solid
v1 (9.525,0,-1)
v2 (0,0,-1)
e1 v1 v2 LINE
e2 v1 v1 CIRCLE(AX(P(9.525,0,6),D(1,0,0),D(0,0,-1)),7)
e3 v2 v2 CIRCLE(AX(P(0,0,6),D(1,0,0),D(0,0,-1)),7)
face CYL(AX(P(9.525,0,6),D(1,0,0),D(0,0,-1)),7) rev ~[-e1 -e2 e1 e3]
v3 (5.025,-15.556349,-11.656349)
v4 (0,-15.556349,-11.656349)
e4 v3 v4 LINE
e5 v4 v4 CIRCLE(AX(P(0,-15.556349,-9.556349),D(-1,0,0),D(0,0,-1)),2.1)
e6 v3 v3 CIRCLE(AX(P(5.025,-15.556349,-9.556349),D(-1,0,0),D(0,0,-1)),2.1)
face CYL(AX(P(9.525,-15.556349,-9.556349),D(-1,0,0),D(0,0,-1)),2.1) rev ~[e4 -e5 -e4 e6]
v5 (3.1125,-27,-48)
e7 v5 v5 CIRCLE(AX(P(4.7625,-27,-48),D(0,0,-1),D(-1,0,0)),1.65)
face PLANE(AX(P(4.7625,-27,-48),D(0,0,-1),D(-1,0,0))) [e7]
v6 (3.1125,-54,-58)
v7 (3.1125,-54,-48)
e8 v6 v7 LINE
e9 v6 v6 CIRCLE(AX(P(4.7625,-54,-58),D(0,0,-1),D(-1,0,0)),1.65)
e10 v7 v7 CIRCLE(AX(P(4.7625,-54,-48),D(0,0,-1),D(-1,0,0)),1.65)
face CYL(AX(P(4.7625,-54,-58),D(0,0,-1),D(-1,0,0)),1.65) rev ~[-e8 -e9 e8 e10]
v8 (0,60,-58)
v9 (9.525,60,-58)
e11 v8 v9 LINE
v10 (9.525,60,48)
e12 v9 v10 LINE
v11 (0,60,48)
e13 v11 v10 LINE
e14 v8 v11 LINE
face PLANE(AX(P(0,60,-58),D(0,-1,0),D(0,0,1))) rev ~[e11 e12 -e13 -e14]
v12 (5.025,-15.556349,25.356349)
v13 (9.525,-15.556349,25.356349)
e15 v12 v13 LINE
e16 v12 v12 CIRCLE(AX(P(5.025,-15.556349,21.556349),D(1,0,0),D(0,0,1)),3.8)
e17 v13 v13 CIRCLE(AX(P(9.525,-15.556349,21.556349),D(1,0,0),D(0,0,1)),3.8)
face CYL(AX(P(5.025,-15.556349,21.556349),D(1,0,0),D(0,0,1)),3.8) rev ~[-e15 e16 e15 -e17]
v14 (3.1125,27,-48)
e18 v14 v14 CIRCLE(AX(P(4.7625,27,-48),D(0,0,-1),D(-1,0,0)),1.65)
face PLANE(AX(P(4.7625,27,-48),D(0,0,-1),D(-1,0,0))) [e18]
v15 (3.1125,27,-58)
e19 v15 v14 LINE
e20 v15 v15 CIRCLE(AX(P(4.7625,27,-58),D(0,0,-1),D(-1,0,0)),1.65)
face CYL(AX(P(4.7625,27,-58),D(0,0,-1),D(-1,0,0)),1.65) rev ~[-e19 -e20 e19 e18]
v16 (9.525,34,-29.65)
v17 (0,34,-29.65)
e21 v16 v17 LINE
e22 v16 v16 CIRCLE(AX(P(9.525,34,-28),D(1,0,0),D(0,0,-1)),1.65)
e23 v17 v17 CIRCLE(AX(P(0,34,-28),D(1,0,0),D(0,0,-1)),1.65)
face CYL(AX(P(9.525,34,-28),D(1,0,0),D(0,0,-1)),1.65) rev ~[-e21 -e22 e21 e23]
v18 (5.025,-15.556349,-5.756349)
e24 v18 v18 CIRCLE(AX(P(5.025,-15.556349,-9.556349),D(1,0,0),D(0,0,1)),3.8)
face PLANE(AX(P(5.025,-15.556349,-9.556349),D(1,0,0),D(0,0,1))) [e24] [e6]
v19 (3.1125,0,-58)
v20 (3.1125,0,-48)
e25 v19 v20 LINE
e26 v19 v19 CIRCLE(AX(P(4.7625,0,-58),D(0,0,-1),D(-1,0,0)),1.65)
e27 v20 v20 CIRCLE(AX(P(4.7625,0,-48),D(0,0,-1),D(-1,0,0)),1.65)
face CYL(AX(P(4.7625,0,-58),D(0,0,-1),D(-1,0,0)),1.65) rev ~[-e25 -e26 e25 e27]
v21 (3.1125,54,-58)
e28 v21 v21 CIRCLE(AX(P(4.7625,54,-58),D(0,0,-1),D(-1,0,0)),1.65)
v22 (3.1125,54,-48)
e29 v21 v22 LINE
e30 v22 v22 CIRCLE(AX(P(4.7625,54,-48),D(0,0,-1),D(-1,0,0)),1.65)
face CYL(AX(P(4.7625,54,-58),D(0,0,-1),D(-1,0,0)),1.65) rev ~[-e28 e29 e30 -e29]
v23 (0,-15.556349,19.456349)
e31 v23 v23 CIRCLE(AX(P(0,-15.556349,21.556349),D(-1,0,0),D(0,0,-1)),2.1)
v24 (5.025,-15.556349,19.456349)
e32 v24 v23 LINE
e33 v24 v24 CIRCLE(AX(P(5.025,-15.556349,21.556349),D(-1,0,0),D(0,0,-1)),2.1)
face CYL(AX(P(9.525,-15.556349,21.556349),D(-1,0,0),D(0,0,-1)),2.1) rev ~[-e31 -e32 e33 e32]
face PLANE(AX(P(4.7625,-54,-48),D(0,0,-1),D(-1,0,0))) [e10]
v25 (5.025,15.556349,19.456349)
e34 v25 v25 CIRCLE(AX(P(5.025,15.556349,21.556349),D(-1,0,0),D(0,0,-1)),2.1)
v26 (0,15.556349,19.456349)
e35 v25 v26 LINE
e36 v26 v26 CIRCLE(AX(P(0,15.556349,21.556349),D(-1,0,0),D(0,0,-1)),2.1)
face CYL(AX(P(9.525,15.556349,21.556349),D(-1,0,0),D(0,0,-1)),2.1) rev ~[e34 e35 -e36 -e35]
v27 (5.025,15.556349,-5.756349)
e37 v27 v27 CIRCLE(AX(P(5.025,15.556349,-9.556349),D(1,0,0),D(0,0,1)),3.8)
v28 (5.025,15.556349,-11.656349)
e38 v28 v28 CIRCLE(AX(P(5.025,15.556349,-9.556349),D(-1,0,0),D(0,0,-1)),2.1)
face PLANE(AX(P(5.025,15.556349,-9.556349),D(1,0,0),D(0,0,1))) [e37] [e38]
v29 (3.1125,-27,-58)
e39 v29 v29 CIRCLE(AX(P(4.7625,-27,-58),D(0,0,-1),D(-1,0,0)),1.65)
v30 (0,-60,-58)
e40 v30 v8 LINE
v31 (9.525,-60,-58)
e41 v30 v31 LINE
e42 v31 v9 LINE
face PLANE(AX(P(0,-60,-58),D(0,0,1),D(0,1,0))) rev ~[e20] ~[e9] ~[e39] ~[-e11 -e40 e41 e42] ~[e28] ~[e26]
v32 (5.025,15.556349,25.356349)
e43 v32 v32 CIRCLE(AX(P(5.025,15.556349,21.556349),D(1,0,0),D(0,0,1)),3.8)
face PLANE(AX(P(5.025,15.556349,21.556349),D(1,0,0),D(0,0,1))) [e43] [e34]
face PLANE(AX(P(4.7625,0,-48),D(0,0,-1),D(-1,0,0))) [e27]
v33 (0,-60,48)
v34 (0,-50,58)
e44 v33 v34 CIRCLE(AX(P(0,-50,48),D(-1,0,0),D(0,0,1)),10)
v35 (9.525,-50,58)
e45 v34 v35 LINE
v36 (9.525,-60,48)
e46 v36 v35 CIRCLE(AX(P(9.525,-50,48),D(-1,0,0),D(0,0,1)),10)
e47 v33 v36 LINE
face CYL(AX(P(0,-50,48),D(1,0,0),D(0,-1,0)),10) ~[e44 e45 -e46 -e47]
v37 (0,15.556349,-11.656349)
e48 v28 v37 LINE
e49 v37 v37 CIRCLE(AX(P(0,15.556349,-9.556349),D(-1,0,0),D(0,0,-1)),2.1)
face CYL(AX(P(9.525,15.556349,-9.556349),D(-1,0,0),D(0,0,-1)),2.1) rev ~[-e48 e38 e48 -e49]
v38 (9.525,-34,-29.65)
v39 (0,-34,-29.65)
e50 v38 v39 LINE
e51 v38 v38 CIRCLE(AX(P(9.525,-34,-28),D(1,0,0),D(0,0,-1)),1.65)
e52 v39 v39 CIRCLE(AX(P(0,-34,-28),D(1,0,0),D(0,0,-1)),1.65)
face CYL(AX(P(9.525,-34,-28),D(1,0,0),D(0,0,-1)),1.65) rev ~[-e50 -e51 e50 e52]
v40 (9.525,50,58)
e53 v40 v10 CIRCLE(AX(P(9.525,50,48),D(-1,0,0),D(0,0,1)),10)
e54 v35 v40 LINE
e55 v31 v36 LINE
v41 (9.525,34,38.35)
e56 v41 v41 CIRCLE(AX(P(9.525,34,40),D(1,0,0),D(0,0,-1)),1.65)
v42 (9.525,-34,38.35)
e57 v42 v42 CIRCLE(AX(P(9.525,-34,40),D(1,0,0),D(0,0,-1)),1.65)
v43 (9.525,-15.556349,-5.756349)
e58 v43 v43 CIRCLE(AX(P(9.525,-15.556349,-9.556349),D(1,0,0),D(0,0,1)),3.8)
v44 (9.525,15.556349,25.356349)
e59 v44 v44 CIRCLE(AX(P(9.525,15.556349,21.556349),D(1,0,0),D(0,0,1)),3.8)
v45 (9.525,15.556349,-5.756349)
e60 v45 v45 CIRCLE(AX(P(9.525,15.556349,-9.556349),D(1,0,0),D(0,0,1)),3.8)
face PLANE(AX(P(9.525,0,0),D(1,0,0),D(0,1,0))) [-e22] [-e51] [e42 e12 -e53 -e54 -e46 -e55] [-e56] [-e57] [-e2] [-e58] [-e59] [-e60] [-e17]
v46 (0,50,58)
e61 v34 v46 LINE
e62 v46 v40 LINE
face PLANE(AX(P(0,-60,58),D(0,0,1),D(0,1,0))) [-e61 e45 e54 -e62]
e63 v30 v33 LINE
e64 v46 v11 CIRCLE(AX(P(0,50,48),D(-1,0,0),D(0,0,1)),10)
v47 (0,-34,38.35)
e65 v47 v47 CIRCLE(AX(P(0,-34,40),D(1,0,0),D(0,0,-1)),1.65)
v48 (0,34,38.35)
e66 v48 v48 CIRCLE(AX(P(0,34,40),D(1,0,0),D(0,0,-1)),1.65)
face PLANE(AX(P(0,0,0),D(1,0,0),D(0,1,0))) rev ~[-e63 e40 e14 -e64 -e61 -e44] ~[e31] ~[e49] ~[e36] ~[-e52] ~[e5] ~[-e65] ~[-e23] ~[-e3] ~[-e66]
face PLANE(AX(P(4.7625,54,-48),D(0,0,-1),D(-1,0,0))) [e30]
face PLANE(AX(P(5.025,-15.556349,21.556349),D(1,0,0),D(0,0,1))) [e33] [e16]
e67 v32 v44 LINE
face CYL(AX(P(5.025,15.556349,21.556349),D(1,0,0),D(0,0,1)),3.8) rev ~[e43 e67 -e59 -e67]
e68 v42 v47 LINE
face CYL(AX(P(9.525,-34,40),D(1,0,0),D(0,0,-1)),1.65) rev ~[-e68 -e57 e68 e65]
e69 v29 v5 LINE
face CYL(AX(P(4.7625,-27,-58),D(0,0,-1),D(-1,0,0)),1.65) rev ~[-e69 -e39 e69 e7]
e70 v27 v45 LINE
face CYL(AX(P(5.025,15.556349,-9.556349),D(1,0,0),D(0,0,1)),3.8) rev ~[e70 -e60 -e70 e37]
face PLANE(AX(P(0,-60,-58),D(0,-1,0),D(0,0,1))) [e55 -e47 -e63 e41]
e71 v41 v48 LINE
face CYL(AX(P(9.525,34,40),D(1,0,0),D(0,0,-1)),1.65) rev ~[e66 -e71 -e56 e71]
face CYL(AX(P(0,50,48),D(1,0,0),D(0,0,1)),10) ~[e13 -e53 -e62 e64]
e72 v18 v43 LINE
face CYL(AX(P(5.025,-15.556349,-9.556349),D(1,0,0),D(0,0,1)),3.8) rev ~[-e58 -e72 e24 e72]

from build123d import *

# Parameters (mm, degrees)
SKETCH1_W                                    = 120
SKETCH1_H                                    = 116
BOSS_EXTRUDE1_DEPTH                          = 9.525
CBORE_FOR_M4_HEX_HEAD_CAP_SCREW1_D           = 4.2
CBORE_FOR_M4_HEX_HEAD_CAP_SCREW1_CBORE_D     = 7.6
CBORE_FOR_M4_HEX_HEAD_CAP_SCREW1_CBORE_DEPTH = 4.5
SKETCH2_R                                    = 7
CUT_EXTRUDE1_DEPTH                           = 84.992414092
SKETCH5_R                                    = 1.65
CUT_EXTRUDE2_DEPTH                           = 10
SKETCH6_R                                    = 1.65
CUT_EXTRUDE3_DEPTH                           = 84.992414092
FILLET1_R                                    = 10


with BuildPart() as part:
    # Sketch1 → Boss-Extrude1 (new body)
    with BuildSketch(Plane.YZ):
        Rectangle(SKETCH1_W, SKETCH1_H)
    extrude(amount=BOSS_EXTRUDE1_DEPTH)

    # CBORE for M4 Hex Head Cap Screw1 (through all)
    with Locations(Plane(origin=(9.525, -15.556349186, 21.556349186), x_dir=(0, 0, 1), z_dir=(1, 0, 0))):
        with Locations((0, 0), (0, -31.112698372), (-31.112698372, -31.112698372), (-31.112698372, 0)):
            CounterBoreHole(CBORE_FOR_M4_HEX_HEAD_CAP_SCREW1_D / 2, CBORE_FOR_M4_HEX_HEAD_CAP_SCREW1_CBORE_D / 2, CBORE_FOR_M4_HEX_HEAD_CAP_SCREW1_CBORE_DEPTH)

    # Sketch2 → Cut-Extrude1 (cut, through all)
    with BuildSketch(Plane.YZ.offset(9.525)):
        with Locations(Location((0, 6, 0), (0, 0, 270))):
            Circle(SKETCH2_R)
    extrude(amount=-CUT_EXTRUDE1_DEPTH, mode=Mode.SUBTRACT)

    # Sketch5 → Cut-Extrude2 (cut)
    with BuildSketch(Plane(origin=(0, 0, -58), x_dir=(1, 0, 0), z_dir=(0, 0, -1))):
        with Locations(Location((4.7625, 27, 0), (0, 0, 180))):
            Circle(SKETCH5_R)
        with Locations(Location((4.7625, 0, 0), (0, 0, 180))):
            Circle(SKETCH5_R)
        with Locations(Location((4.7625, -27, 0), (0, 0, 180))):
            Circle(SKETCH5_R)
        with Locations(Location((4.7625, -54, 0), (0, 0, 180))):
            Circle(SKETCH5_R)
        with Locations(Location((4.7625, 54, 0), (0, 0, 180))):
            Circle(SKETCH5_R)
    extrude(amount=-CUT_EXTRUDE2_DEPTH, mode=Mode.SUBTRACT)

    # Sketch6 → Cut-Extrude3 (cut, through all)
    with BuildSketch(Plane.YZ.offset(9.525)):
        with Locations(Location((34, 40, 0), (0, 0, 270))):
            Circle(SKETCH6_R)
        with Locations(Location((34, -28, 0), (0, 0, 270))):
            Circle(SKETCH6_R)
        with Locations(Location((-34, -28, 0), (0, 0, 270))):
            Circle(SKETCH6_R)
        with Locations(Location((-34, 40, 0), (0, 0, 270))):
            Circle(SKETCH6_R)
    extrude(amount=-CUT_EXTRUDE3_DEPTH, mode=Mode.SUBTRACT)

    # Fillet1
    fillet1_edges = [part.edges().sort_by_distance(p)[0] for p in [
        (4.7625, -60, 58),
        (4.7625, 60, 58),
    ]]
    fillet(fillet1_edges, radius=FILLET1_R)


solid = part.part
